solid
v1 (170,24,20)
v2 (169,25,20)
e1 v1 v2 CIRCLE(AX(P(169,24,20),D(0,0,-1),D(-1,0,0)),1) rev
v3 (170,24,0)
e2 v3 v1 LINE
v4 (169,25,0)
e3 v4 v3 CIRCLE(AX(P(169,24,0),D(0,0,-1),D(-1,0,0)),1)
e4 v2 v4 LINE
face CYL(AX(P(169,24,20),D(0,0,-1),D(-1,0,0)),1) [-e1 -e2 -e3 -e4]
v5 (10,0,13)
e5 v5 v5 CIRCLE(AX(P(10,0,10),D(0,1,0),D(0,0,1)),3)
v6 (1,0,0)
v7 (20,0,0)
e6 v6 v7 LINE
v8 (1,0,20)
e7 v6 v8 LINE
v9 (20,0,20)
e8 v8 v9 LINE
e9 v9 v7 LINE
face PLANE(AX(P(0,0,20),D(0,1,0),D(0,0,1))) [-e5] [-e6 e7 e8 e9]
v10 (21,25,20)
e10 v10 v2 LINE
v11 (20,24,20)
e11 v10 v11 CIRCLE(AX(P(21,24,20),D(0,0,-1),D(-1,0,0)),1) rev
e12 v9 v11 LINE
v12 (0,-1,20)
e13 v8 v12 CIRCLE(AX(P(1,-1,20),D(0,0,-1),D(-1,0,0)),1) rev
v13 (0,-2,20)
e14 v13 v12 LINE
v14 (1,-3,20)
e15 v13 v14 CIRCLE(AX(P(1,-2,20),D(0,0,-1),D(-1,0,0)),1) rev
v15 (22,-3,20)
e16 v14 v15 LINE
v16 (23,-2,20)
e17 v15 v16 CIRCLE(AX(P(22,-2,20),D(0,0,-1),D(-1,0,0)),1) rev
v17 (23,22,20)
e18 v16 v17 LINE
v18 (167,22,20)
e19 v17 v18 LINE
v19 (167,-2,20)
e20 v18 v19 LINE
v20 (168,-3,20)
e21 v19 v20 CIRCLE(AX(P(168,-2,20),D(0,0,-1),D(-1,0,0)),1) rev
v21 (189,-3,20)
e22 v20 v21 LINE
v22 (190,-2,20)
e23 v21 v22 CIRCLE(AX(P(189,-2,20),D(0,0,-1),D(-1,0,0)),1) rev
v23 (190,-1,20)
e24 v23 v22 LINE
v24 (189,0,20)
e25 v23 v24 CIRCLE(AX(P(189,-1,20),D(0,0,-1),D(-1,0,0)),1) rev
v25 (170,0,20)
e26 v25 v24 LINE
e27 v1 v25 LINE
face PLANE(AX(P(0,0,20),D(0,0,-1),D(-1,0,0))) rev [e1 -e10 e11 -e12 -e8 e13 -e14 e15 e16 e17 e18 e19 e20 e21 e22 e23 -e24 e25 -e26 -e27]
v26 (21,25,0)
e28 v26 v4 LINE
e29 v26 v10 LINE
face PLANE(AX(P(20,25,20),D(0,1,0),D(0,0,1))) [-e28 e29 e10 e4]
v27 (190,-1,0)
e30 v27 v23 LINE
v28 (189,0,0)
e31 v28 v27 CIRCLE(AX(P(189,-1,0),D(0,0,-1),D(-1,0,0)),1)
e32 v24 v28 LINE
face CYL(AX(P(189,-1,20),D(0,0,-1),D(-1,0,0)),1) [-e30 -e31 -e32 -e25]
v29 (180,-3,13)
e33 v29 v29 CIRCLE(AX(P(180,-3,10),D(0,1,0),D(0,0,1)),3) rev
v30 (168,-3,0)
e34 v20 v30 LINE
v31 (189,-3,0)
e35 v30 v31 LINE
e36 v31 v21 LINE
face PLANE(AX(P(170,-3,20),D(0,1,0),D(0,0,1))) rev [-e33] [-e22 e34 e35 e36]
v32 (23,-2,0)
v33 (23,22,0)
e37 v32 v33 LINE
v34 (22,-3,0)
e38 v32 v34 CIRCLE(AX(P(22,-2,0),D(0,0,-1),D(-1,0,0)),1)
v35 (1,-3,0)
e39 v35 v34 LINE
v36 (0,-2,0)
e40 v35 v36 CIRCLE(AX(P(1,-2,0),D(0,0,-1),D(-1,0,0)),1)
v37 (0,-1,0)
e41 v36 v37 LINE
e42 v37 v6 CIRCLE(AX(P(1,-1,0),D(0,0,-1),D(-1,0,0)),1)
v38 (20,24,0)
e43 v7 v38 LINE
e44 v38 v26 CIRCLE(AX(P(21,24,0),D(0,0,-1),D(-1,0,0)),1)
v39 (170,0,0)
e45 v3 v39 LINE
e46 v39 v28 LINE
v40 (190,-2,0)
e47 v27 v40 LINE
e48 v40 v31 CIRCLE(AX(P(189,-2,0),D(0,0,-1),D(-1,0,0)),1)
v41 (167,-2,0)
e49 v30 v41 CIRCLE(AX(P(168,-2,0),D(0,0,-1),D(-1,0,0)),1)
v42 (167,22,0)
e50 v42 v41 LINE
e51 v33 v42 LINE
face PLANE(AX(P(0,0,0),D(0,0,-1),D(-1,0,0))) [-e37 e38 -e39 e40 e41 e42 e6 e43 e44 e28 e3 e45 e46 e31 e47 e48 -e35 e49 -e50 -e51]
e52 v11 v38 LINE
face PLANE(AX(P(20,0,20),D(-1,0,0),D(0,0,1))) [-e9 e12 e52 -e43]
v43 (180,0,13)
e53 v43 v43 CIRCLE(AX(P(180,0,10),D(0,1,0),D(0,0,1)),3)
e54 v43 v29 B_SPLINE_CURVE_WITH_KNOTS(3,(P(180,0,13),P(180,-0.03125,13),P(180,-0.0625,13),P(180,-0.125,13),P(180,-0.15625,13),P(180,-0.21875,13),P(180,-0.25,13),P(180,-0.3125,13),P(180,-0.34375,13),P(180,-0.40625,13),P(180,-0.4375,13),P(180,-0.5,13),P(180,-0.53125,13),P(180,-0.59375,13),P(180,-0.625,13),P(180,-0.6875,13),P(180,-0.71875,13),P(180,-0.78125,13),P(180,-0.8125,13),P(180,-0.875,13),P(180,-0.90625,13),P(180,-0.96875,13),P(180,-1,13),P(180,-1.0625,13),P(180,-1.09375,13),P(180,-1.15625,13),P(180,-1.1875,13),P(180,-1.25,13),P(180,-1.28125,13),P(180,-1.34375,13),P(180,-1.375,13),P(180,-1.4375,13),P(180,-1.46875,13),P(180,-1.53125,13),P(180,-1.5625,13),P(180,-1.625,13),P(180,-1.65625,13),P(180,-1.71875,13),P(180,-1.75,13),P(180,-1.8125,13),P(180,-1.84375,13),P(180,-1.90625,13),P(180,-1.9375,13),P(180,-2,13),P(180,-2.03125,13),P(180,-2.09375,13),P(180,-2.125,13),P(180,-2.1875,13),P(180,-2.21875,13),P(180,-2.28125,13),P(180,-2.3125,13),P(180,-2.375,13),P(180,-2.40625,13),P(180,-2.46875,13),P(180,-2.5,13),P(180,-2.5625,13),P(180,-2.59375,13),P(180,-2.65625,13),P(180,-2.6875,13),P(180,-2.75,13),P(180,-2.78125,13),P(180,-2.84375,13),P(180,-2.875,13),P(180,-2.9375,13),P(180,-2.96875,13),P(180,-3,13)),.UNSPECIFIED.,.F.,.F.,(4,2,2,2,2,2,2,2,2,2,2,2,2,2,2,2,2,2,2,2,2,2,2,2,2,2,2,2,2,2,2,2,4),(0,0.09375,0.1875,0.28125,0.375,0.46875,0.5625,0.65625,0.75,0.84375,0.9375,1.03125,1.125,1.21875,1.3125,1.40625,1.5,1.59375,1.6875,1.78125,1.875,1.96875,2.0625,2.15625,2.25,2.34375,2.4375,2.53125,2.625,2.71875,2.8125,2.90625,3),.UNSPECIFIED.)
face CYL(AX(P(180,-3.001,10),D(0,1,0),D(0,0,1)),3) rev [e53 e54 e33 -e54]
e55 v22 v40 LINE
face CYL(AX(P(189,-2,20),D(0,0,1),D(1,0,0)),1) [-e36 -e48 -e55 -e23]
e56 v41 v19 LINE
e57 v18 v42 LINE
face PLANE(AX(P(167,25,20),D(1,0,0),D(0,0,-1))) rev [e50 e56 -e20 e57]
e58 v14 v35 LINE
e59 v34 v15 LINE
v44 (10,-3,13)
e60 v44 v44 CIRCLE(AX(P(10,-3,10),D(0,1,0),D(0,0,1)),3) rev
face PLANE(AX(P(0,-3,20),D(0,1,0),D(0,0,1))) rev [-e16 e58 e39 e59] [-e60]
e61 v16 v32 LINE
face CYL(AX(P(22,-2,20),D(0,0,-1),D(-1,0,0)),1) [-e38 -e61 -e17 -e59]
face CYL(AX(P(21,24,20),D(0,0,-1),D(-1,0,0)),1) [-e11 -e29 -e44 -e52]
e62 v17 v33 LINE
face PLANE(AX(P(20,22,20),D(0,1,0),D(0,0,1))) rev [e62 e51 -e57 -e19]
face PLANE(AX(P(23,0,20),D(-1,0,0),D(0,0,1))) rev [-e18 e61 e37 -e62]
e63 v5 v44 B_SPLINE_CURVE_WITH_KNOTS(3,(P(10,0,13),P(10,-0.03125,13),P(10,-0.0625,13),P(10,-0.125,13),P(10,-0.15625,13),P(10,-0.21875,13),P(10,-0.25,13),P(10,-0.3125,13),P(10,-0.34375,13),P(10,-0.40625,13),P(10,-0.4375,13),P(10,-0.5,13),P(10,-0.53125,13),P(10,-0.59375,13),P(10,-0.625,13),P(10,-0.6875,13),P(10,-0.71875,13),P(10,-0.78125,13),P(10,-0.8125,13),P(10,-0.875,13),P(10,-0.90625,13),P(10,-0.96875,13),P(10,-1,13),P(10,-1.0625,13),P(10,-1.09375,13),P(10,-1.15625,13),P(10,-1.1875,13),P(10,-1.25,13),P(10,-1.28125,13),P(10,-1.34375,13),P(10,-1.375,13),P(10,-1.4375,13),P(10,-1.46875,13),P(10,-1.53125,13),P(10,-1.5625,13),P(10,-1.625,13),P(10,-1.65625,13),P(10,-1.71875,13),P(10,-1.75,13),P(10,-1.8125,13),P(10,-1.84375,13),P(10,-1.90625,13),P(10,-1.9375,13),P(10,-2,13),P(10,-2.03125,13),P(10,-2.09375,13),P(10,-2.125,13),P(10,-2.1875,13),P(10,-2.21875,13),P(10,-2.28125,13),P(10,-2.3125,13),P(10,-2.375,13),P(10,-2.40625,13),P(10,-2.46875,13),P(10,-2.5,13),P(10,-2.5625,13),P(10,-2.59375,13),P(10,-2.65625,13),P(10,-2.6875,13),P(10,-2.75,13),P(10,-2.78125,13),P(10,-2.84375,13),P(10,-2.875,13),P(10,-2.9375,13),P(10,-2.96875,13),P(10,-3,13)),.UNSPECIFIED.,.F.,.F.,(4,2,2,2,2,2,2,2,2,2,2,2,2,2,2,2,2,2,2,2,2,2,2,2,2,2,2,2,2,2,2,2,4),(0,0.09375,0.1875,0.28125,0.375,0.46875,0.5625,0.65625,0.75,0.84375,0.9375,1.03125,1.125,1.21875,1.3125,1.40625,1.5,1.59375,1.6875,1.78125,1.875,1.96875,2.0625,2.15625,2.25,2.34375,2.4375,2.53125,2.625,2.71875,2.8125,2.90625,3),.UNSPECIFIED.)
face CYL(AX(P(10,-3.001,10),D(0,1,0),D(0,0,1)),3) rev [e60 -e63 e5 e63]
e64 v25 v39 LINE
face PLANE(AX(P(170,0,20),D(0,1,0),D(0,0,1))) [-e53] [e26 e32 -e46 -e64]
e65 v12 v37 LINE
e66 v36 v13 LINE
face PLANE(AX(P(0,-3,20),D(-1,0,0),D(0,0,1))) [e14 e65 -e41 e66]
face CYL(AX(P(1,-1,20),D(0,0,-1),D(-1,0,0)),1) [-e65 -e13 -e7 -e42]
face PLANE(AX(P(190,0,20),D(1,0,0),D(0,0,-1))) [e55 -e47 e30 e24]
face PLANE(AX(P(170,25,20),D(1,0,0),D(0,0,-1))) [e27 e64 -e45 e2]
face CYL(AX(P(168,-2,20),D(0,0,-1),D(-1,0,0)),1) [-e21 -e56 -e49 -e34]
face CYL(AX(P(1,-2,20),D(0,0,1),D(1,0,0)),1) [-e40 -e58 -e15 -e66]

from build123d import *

# Parameters (mm, degrees)
EXTRUDE_THIN1_DEPTH = 20
FILLET1_R           = 1
CUT_EXTRUDE1_REACH  = 194.678
SKETCH2_R           = 3


with BuildPart() as part:
    # Sketch1 → Extrude-Thin1 (new body)
    with BuildSketch(Plane.XY):
        Polygon((0, 0), (20, 0), (20, 25), (170, 25), (170, 0), (190, 0), (190, -3), (167, -3), (167, 22), (23, 22), (23, -3), (0, -3), align=None)
    extrude(amount=EXTRUDE_THIN1_DEPTH)

    # Fillet1
    fillet1_edges = [part.edges().sort_by_distance(p)[0] for p in [
        (167, -3, 10),
        (23, -3, 10),
        (0, -3, 10),
        (0, 0, 10),
        (20, 25, 10),
        (170, 25, 10),
        (190, 0, 10),
        (190, -3, 10),
    ]]
    fillet(fillet1_edges, radius=FILLET1_R)

    # Sketch2 → Cut-Extrude1 (cut, up to next)
    with BuildSketch(Plane(origin=(0, 0, 0), x_dir=(1, 0, 0), z_dir=(0, 1, 0)), mode=Mode.PRIVATE) as cut_extrude1_sk1:
        with Locations(Location((10, -10, 0), (0, 0, 270))):
            Circle(SKETCH2_R)
    cut_extrude1_tool1 = extrude(cut_extrude1_sk1.sketch, amount=-CUT_EXTRUDE1_REACH, mode=Mode.PRIVATE) & part.part
    # Sketch2 → Cut-Extrude1 (cut, up to next)
    with BuildSketch(Plane(origin=(0, 0, 0), x_dir=(1, 0, 0), z_dir=(0, 1, 0)), mode=Mode.PRIVATE) as cut_extrude1_sk2:
        with Locations(Location((180, -10, 0), (0, 0, 270))):
            Circle(SKETCH2_R)
    cut_extrude1_tool2 = extrude(cut_extrude1_sk2.sketch, amount=-CUT_EXTRUDE1_REACH, mode=Mode.PRIVATE) & part.part
    add(cut_extrude1_tool1.solids().sort_by_distance((10, 0, 10))[0], mode=Mode.SUBTRACT)
    add(cut_extrude1_tool2.solids().sort_by_distance((180, 0, 10))[0], mode=Mode.SUBTRACT)


solid = part.part
